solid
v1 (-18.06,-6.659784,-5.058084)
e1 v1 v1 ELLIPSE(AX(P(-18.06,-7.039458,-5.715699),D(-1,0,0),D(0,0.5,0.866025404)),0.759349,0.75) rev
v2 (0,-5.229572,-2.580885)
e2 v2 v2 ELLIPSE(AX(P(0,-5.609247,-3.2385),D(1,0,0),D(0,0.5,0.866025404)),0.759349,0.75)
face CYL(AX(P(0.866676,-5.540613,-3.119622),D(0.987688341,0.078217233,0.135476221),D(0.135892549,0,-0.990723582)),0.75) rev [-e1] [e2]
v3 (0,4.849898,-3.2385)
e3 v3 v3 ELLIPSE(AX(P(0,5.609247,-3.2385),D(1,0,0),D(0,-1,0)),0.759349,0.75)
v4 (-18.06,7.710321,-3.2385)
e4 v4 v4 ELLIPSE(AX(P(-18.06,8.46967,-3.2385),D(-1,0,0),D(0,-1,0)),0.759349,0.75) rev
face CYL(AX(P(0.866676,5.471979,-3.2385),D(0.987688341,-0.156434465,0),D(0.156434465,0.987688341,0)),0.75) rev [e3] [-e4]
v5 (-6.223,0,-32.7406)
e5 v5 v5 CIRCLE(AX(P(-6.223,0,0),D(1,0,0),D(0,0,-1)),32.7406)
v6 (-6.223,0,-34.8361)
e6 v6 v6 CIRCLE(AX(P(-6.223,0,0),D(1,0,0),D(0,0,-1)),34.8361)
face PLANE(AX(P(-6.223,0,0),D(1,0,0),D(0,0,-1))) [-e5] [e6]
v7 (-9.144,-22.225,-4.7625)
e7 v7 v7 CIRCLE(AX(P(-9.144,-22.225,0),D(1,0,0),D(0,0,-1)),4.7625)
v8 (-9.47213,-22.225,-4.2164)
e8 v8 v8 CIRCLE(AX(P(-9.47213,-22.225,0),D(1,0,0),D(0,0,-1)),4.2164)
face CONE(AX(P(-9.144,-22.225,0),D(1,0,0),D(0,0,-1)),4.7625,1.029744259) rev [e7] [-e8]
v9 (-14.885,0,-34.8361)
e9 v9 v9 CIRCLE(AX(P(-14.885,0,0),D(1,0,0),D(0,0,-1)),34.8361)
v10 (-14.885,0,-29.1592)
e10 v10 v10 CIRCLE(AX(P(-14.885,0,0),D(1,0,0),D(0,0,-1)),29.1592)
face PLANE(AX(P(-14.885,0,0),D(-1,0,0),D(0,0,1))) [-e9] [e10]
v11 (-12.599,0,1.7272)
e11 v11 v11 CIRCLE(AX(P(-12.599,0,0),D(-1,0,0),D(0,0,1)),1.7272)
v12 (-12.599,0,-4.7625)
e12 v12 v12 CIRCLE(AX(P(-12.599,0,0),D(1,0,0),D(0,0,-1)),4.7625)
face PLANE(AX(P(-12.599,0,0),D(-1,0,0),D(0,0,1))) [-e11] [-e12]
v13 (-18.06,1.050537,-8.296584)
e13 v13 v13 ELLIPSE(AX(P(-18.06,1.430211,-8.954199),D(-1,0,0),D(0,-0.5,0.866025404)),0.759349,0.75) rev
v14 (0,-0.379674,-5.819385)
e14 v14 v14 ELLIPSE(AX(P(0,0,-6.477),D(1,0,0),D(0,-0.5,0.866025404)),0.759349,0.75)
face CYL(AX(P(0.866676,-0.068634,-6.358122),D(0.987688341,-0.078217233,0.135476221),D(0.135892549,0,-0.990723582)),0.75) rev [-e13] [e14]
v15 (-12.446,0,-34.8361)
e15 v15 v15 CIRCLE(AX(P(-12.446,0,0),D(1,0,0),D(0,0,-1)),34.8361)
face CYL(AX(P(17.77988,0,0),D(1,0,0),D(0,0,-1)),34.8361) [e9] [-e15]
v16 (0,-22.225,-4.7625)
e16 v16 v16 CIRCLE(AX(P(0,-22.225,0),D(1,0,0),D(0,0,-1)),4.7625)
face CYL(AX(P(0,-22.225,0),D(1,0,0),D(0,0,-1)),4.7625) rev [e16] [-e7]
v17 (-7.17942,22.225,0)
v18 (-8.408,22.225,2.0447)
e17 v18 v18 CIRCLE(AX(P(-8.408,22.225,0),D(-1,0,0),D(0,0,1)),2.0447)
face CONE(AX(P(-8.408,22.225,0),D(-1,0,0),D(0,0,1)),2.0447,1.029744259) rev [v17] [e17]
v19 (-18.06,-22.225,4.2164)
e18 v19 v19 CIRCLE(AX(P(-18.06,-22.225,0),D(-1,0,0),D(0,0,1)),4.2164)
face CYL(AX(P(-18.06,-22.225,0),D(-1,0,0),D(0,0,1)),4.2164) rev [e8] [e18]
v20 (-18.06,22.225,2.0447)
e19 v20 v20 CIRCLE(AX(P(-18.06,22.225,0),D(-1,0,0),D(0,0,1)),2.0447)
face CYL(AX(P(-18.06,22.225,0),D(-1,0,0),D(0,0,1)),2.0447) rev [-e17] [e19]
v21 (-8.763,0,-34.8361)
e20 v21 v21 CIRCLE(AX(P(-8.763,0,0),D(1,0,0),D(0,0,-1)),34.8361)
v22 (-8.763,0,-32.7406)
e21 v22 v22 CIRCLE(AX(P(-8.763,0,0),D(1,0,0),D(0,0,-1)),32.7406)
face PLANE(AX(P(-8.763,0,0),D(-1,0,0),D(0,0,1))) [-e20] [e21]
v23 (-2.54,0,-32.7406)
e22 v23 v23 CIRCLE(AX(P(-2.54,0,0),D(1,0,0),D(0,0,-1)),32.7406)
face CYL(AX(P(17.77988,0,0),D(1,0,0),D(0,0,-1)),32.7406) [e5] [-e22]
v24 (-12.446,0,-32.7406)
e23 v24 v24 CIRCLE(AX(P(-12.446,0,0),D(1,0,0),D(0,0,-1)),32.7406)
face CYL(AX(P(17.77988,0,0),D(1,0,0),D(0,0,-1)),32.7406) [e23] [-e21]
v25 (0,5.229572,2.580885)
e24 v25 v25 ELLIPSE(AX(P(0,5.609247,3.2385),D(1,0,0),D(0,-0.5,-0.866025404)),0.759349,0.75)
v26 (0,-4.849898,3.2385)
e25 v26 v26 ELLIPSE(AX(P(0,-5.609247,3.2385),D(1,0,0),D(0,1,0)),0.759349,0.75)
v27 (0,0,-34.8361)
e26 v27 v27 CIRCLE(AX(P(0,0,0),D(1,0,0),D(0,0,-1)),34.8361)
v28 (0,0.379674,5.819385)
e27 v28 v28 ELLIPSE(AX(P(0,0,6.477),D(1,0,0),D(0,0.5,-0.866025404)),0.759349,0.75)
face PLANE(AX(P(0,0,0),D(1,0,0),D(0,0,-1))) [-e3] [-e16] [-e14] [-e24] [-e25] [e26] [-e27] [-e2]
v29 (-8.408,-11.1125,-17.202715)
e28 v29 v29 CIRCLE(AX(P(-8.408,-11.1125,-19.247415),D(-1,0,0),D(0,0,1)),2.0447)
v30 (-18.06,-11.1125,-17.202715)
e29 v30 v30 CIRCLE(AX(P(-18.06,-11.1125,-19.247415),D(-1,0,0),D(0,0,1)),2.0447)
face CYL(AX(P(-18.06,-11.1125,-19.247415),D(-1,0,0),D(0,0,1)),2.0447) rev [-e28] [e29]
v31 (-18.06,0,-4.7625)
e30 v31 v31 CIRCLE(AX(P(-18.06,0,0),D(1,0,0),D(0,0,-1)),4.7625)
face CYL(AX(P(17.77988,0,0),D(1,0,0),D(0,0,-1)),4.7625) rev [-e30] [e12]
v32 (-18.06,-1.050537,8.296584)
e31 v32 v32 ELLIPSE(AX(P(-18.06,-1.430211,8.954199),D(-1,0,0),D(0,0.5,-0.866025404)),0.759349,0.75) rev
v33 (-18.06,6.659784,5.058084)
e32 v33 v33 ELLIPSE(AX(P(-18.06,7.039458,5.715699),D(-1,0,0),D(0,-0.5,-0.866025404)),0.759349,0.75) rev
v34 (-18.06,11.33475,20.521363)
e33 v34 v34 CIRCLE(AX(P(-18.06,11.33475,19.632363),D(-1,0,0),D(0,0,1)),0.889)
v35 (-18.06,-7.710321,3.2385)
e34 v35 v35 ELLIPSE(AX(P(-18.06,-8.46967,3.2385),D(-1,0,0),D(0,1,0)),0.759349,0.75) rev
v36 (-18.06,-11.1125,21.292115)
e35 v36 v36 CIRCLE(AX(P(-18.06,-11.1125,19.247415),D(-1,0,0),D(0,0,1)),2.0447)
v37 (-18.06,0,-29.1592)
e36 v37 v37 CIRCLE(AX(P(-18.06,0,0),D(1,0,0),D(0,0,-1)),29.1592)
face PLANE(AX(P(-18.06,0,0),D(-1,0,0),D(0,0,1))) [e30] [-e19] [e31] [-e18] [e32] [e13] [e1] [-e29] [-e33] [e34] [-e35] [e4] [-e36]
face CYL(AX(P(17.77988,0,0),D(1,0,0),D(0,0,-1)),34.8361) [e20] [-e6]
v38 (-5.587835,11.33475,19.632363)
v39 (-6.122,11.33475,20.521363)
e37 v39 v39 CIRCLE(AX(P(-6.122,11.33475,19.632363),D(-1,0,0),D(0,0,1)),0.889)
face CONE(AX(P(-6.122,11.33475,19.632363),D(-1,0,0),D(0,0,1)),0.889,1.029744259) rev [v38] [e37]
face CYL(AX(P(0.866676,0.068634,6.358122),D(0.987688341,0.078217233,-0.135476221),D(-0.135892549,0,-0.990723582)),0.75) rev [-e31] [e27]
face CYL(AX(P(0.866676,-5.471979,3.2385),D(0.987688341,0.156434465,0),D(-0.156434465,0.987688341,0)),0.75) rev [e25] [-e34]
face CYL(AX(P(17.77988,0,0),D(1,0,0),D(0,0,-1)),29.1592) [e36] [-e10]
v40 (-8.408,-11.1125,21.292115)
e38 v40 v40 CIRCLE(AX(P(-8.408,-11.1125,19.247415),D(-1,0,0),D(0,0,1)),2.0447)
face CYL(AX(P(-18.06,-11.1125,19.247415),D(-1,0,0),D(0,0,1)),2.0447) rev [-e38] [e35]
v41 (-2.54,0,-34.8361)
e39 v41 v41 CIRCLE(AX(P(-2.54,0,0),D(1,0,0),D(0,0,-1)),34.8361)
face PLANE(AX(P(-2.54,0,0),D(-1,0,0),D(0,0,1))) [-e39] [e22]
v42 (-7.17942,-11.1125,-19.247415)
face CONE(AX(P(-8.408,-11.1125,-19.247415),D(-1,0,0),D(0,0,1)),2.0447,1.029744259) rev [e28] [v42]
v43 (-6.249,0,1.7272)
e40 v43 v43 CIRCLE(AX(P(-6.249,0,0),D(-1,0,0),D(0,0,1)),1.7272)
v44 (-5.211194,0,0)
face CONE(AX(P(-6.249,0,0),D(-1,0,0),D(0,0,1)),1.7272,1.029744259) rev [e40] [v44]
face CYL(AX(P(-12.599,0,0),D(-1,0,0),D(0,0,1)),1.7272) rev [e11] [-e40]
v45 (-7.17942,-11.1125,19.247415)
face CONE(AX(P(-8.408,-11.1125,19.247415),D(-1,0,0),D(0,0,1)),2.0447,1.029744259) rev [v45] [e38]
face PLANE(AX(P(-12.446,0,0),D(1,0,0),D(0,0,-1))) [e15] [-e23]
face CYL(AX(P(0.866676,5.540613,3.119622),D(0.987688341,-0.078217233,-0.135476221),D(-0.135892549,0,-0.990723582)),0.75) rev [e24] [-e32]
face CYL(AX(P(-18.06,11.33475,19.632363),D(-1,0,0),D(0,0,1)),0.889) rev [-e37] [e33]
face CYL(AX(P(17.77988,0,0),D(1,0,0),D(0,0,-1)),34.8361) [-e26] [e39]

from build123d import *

# Parameters (mm, degrees)
CIRPATTERN2_COUNT                = 3
CIRPATTERN1_COUNT                = 6
F_8_32_TAPPED_HOLE1_D            = 3.4544
F_8_32_TAPPED_HOLE1_DEPTH        = 6.35
F_8_32_TAPPED_HOLE1_TIP          = 1.037806461
F_50_0_07_DIAMETER_HOLE1_D       = 1.778
F_50_0_07_DIAMETER_HOLE1_DEPTH   = 11.938
F_50_0_07_DIAMETER_HOLE1_TIP     = 0.53416509
Q_0_332_DIAMETER_HOLE1_D         = 8.4328
F_3_8_0_375_DIAMETER_HOLE1_D     = 9.525
F_3_8_0_375_DIAMETER_HOLE1_DEPTH = 9.144
F_3_8_0_375_DIAMETER_HOLE1_TIP   = 2.861598698


with BuildPart() as part:
    # Sketch1 → Revolve1 (revolve)
    with BuildSketch(Plane.XY):
        Polygon((-12.599, 0), (0, 0), (0, 34.8361), (-2.54, 34.8361), (-2.54, 32.7406), (-6.223, 32.7406), (-6.223, 34.8361), (-8.763, 34.8361), (-8.763, 32.7406), (-12.446, 32.7406), (-12.446, 34.8361), (-14.885, 34.8361), (-14.885, 29.1592), (-18.06, 29.1592), (-18.06, 4.7625), (-12.599, 4.7625), align=None)
    revolve(axis=Axis((17.779879847, 0, 0), (-1, 0, 0)))

    # Sketch24 → #20 (0.161) Diameter Hole1 (revolve, cut)
    with BuildSketch(Plane(origin=(-18.06, 22.225, 0), x_dir=(0, 0, 1), z_dir=(0, 1, 0))):
        Polygon((0, 0), (0, 10.880579708), (2.0447, 9.652), (2.0447, 0), align=None)
    f_20_0_161_diameter_hole1 = revolve(axis=Axis((-24.41, 22.225, 0), (1, 0, 0)), mode=Mode.SUBTRACT)

    # CirPattern2: #20 (0.161) Diameter Hole1 ×3 about axis
    cirpattern2_axis = Axis((17.779879847, 0, 0), (1, 0, 0))
    for i in range(1, CIRPATTERN2_COUNT):
        add(f_20_0_161_diameter_hole1.rotate(cirpattern2_axis, i * 360 / CIRPATTERN2_COUNT), mode=Mode.SUBTRACT)

    # Sketch19 → Ø1.5 (1.5) Diameter Hole4 (revolve, cut)
    with BuildSketch(Plane(origin=(0.866676253, -0.068634017, -6.358122396), x_dir=(0.15097729062415485, 0.7033639629103843, -0.6946113973977026), z_dir=(-0.040958510327058266, 0.7065134112073841, 0.7065134112073841))):
        Polygon((0, 0), (0, 24.51962842), (0.75, 24.068982956), (0.75, 0), align=None)
    f_1_5_1_5_diameter_hole4 = revolve(axis=Axis((7.138497216, -0.565313443, -5.497848394), (-0.9876883405951382, 0.07821723252011407, -0.13547622075226584)), mode=Mode.SUBTRACT)

    # CirPattern1: Ø1.5 (1.5) Diameter Hole4 ×6 about axis
    cirpattern1_axis = Axis((-26.67, 0, 0), (1, 0, 0))
    for i in range(1, CIRPATTERN1_COUNT):
        add(f_1_5_1_5_diameter_hole4.rotate(cirpattern1_axis, i * 360 / CIRPATTERN1_COUNT), mode=Mode.SUBTRACT)

    # #8-32 Tapped Hole1
    with Locations(Plane.ZY.offset(12.599)):
        with Locations((0, 0)):
            Hole(F_8_32_TAPPED_HOLE1_D / 2, depth=F_8_32_TAPPED_HOLE1_DEPTH)
            with Locations((0, 0, -(F_8_32_TAPPED_HOLE1_DEPTH + F_8_32_TAPPED_HOLE1_TIP / 2))):  # 118° drill point
                Cone(0, F_8_32_TAPPED_HOLE1_D / 2, F_8_32_TAPPED_HOLE1_TIP, mode=Mode.SUBTRACT)

    # #50 (0.07) Diameter Hole1
    with Locations(Plane.ZY.offset(18.06)):
        with Locations((19.632362891, 11.33475)):
            Hole(F_50_0_07_DIAMETER_HOLE1_D / 2, depth=F_50_0_07_DIAMETER_HOLE1_DEPTH)
            with Locations((0, 0, -(F_50_0_07_DIAMETER_HOLE1_DEPTH + F_50_0_07_DIAMETER_HOLE1_TIP / 2))):  # 118° drill point
                Cone(0, F_50_0_07_DIAMETER_HOLE1_D / 2, F_50_0_07_DIAMETER_HOLE1_TIP, mode=Mode.SUBTRACT)

    # Q (0.332) Diameter Hole1 (through all)
    with Locations(Plane.ZY.offset(18.06)):
        with Locations((0, -22.225)):
            Hole(Q_0_332_DIAMETER_HOLE1_D / 2)

    # 3/8 (0.375) Diameter Hole1
    with Locations(Plane(origin=(0, 0, 0), x_dir=(0, 0, -1), z_dir=(1, 0, 0))):
        with Locations((0, -22.225)):
            Hole(F_3_8_0_375_DIAMETER_HOLE1_D / 2, depth=F_3_8_0_375_DIAMETER_HOLE1_DEPTH)
            with Locations((0, 0, -(F_3_8_0_375_DIAMETER_HOLE1_DEPTH + F_3_8_0_375_DIAMETER_HOLE1_TIP / 2))):  # 118° drill point
                Cone(0, F_3_8_0_375_DIAMETER_HOLE1_D / 2, F_3_8_0_375_DIAMETER_HOLE1_TIP, mode=Mode.SUBTRACT)


solid = part.part
